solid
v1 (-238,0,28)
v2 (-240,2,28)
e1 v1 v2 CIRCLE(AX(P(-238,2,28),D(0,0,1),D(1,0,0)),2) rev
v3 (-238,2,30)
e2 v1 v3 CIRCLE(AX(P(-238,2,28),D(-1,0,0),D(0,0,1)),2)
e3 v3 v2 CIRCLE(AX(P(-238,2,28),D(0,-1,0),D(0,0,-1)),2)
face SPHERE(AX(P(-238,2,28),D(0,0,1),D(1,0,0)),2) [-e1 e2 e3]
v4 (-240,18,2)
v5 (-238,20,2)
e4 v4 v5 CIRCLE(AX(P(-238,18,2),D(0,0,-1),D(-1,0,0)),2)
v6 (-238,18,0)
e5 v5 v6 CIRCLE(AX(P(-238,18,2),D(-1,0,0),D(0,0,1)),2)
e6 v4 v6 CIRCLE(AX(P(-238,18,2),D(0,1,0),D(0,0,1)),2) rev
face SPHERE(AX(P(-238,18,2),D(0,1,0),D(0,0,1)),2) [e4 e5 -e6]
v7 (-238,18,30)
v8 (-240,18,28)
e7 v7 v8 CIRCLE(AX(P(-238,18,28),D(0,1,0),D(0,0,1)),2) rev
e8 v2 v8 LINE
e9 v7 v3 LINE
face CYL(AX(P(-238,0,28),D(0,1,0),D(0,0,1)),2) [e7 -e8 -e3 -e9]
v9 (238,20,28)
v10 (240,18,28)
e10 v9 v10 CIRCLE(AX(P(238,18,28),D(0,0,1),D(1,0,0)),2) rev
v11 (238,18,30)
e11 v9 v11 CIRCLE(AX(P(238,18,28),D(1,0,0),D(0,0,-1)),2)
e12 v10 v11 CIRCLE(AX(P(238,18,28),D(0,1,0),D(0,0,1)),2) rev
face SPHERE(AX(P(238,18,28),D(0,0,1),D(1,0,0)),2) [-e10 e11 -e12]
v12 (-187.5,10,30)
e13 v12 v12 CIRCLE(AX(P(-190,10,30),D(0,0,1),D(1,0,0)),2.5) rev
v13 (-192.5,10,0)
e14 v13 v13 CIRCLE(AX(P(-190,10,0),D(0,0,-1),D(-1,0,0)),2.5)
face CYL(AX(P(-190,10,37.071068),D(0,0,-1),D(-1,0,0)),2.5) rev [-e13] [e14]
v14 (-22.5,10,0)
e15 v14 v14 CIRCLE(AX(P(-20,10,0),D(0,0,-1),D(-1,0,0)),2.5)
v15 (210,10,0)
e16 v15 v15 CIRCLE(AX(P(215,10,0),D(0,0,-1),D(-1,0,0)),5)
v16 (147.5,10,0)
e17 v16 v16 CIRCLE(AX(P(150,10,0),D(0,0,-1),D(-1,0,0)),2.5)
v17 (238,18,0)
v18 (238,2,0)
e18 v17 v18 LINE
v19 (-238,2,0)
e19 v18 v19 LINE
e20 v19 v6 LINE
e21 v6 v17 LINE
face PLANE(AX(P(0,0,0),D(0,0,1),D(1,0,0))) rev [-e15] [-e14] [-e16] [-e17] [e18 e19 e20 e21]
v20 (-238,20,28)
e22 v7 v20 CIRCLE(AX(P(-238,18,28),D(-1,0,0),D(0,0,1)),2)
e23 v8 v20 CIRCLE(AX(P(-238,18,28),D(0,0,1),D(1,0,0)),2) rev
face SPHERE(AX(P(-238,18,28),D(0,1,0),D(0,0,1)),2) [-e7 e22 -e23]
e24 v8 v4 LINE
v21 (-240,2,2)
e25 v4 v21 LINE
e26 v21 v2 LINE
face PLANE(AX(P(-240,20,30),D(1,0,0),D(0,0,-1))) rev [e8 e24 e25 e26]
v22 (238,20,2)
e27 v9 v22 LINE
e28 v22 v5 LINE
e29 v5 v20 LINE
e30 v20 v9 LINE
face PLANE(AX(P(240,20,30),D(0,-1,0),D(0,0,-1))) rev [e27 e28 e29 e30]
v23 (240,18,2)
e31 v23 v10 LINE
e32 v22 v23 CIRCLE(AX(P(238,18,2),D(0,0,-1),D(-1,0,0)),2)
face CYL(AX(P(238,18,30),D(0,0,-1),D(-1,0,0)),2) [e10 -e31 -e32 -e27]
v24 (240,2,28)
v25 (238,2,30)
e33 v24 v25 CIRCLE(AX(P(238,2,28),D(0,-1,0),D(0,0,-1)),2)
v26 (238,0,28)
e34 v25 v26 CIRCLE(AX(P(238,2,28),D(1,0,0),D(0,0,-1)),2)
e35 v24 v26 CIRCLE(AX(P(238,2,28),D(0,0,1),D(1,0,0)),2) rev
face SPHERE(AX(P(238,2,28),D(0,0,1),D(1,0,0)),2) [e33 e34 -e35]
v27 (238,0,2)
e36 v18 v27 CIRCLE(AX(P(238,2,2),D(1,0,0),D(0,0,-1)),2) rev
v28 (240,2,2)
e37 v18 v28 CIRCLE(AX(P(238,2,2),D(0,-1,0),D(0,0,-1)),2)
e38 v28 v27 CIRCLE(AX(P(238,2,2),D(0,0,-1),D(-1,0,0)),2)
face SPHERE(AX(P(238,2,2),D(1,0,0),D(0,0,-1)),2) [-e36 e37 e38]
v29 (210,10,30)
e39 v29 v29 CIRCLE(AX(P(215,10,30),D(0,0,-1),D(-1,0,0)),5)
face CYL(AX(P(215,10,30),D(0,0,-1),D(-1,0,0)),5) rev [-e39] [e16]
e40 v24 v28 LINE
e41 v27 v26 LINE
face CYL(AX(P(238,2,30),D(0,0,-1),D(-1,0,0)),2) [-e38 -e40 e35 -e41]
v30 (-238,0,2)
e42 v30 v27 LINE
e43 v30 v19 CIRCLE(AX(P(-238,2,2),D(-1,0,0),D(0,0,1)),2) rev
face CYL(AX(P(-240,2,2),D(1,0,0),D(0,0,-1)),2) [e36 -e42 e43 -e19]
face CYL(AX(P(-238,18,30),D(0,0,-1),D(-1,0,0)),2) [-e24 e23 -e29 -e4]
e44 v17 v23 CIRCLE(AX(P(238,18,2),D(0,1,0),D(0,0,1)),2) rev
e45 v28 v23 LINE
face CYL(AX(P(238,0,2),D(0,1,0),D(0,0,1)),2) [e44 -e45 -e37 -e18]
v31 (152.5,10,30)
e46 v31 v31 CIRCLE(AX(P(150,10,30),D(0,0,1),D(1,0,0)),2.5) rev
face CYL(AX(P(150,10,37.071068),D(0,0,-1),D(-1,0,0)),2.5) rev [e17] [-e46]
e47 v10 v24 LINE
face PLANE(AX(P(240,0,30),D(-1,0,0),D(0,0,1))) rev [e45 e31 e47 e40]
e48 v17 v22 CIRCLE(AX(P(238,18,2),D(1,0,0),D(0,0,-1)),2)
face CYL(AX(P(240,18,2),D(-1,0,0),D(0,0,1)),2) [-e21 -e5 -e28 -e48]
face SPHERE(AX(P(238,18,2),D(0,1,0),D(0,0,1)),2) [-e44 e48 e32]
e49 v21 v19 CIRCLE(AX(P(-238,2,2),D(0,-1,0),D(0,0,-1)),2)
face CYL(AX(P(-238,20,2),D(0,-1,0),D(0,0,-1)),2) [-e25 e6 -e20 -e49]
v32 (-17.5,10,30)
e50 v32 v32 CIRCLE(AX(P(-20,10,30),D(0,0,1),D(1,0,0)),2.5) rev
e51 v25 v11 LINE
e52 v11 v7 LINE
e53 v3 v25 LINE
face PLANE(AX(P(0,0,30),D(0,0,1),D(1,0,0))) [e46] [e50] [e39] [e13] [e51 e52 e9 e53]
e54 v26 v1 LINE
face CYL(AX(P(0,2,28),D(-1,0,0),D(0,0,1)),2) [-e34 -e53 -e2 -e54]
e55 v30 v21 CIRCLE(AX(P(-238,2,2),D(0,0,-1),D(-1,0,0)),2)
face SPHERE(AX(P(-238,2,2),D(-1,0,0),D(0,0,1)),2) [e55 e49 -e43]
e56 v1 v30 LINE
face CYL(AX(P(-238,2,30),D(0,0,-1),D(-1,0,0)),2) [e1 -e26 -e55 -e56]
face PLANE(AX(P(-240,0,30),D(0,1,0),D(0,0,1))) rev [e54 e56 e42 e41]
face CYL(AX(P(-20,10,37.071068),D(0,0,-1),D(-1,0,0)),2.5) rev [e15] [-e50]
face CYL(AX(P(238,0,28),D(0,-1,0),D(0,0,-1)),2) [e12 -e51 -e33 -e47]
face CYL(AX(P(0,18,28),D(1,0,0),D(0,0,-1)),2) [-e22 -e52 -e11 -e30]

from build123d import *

# Parameters (mm, degrees)
SKETCH1_W           = 480
SKETCH1_H           = 20
BOSS_EXTRUDE1_DEPTH = 30
FILLET1_R           = 2
SKETCH2_R           = 5
CUT_EXTRUDE1_DEPTH  = 30
SKETCH7_R           = 2.5
CUT_EXTRUDE4_DEPTH  = 30


with BuildPart() as part:
    # Sketch1 → Boss-Extrude1 (new body)
    with BuildSketch(Plane.XY):
        with Locations((0, 10)):
            Rectangle(SKETCH1_W, SKETCH1_H)
    extrude(amount=BOSS_EXTRUDE1_DEPTH)

    # Fillet1
    fillet1_edges = [part.edges().sort_by_distance(p)[0] for p in [
        (240, 10, 30),
        (0, 20, 30),
        (-240, 10, 30),
        (0, 20, 0),
        (240, 10, 0),
        (0, 0, 0),
        (-240, 10, 0),
        (-240, 20, 15),
        (240, 20, 15),
        (240, 0, 15),
        (-240, 0, 15),
        (0, 0, 30),
    ]]
    fillet(fillet1_edges, radius=FILLET1_R)

    # Sketch2 → Cut-Extrude1 (cut)
    with BuildSketch(Plane(origin=(0, 0, 0), x_dir=(-1, 0, 0), z_dir=(0, 0, -1))):
        with Locations((-215, 10)):
            Circle(SKETCH2_R)
    extrude(amount=-CUT_EXTRUDE1_DEPTH, mode=Mode.SUBTRACT)

    # Sketch7 → Cut-Extrude4 (cut)
    with BuildSketch(Plane(origin=(0, 0, 0), x_dir=(-1, 0, 0), z_dir=(0, 0, -1))):
        with Locations((-150, 10)):
            Circle(SKETCH7_R)
        with Locations((20, 10)):
            Circle(SKETCH7_R)
        with Locations((190, 10)):
            Circle(SKETCH7_R)
    extrude(amount=-CUT_EXTRUDE4_DEPTH, mode=Mode.SUBTRACT)


solid = part.part
